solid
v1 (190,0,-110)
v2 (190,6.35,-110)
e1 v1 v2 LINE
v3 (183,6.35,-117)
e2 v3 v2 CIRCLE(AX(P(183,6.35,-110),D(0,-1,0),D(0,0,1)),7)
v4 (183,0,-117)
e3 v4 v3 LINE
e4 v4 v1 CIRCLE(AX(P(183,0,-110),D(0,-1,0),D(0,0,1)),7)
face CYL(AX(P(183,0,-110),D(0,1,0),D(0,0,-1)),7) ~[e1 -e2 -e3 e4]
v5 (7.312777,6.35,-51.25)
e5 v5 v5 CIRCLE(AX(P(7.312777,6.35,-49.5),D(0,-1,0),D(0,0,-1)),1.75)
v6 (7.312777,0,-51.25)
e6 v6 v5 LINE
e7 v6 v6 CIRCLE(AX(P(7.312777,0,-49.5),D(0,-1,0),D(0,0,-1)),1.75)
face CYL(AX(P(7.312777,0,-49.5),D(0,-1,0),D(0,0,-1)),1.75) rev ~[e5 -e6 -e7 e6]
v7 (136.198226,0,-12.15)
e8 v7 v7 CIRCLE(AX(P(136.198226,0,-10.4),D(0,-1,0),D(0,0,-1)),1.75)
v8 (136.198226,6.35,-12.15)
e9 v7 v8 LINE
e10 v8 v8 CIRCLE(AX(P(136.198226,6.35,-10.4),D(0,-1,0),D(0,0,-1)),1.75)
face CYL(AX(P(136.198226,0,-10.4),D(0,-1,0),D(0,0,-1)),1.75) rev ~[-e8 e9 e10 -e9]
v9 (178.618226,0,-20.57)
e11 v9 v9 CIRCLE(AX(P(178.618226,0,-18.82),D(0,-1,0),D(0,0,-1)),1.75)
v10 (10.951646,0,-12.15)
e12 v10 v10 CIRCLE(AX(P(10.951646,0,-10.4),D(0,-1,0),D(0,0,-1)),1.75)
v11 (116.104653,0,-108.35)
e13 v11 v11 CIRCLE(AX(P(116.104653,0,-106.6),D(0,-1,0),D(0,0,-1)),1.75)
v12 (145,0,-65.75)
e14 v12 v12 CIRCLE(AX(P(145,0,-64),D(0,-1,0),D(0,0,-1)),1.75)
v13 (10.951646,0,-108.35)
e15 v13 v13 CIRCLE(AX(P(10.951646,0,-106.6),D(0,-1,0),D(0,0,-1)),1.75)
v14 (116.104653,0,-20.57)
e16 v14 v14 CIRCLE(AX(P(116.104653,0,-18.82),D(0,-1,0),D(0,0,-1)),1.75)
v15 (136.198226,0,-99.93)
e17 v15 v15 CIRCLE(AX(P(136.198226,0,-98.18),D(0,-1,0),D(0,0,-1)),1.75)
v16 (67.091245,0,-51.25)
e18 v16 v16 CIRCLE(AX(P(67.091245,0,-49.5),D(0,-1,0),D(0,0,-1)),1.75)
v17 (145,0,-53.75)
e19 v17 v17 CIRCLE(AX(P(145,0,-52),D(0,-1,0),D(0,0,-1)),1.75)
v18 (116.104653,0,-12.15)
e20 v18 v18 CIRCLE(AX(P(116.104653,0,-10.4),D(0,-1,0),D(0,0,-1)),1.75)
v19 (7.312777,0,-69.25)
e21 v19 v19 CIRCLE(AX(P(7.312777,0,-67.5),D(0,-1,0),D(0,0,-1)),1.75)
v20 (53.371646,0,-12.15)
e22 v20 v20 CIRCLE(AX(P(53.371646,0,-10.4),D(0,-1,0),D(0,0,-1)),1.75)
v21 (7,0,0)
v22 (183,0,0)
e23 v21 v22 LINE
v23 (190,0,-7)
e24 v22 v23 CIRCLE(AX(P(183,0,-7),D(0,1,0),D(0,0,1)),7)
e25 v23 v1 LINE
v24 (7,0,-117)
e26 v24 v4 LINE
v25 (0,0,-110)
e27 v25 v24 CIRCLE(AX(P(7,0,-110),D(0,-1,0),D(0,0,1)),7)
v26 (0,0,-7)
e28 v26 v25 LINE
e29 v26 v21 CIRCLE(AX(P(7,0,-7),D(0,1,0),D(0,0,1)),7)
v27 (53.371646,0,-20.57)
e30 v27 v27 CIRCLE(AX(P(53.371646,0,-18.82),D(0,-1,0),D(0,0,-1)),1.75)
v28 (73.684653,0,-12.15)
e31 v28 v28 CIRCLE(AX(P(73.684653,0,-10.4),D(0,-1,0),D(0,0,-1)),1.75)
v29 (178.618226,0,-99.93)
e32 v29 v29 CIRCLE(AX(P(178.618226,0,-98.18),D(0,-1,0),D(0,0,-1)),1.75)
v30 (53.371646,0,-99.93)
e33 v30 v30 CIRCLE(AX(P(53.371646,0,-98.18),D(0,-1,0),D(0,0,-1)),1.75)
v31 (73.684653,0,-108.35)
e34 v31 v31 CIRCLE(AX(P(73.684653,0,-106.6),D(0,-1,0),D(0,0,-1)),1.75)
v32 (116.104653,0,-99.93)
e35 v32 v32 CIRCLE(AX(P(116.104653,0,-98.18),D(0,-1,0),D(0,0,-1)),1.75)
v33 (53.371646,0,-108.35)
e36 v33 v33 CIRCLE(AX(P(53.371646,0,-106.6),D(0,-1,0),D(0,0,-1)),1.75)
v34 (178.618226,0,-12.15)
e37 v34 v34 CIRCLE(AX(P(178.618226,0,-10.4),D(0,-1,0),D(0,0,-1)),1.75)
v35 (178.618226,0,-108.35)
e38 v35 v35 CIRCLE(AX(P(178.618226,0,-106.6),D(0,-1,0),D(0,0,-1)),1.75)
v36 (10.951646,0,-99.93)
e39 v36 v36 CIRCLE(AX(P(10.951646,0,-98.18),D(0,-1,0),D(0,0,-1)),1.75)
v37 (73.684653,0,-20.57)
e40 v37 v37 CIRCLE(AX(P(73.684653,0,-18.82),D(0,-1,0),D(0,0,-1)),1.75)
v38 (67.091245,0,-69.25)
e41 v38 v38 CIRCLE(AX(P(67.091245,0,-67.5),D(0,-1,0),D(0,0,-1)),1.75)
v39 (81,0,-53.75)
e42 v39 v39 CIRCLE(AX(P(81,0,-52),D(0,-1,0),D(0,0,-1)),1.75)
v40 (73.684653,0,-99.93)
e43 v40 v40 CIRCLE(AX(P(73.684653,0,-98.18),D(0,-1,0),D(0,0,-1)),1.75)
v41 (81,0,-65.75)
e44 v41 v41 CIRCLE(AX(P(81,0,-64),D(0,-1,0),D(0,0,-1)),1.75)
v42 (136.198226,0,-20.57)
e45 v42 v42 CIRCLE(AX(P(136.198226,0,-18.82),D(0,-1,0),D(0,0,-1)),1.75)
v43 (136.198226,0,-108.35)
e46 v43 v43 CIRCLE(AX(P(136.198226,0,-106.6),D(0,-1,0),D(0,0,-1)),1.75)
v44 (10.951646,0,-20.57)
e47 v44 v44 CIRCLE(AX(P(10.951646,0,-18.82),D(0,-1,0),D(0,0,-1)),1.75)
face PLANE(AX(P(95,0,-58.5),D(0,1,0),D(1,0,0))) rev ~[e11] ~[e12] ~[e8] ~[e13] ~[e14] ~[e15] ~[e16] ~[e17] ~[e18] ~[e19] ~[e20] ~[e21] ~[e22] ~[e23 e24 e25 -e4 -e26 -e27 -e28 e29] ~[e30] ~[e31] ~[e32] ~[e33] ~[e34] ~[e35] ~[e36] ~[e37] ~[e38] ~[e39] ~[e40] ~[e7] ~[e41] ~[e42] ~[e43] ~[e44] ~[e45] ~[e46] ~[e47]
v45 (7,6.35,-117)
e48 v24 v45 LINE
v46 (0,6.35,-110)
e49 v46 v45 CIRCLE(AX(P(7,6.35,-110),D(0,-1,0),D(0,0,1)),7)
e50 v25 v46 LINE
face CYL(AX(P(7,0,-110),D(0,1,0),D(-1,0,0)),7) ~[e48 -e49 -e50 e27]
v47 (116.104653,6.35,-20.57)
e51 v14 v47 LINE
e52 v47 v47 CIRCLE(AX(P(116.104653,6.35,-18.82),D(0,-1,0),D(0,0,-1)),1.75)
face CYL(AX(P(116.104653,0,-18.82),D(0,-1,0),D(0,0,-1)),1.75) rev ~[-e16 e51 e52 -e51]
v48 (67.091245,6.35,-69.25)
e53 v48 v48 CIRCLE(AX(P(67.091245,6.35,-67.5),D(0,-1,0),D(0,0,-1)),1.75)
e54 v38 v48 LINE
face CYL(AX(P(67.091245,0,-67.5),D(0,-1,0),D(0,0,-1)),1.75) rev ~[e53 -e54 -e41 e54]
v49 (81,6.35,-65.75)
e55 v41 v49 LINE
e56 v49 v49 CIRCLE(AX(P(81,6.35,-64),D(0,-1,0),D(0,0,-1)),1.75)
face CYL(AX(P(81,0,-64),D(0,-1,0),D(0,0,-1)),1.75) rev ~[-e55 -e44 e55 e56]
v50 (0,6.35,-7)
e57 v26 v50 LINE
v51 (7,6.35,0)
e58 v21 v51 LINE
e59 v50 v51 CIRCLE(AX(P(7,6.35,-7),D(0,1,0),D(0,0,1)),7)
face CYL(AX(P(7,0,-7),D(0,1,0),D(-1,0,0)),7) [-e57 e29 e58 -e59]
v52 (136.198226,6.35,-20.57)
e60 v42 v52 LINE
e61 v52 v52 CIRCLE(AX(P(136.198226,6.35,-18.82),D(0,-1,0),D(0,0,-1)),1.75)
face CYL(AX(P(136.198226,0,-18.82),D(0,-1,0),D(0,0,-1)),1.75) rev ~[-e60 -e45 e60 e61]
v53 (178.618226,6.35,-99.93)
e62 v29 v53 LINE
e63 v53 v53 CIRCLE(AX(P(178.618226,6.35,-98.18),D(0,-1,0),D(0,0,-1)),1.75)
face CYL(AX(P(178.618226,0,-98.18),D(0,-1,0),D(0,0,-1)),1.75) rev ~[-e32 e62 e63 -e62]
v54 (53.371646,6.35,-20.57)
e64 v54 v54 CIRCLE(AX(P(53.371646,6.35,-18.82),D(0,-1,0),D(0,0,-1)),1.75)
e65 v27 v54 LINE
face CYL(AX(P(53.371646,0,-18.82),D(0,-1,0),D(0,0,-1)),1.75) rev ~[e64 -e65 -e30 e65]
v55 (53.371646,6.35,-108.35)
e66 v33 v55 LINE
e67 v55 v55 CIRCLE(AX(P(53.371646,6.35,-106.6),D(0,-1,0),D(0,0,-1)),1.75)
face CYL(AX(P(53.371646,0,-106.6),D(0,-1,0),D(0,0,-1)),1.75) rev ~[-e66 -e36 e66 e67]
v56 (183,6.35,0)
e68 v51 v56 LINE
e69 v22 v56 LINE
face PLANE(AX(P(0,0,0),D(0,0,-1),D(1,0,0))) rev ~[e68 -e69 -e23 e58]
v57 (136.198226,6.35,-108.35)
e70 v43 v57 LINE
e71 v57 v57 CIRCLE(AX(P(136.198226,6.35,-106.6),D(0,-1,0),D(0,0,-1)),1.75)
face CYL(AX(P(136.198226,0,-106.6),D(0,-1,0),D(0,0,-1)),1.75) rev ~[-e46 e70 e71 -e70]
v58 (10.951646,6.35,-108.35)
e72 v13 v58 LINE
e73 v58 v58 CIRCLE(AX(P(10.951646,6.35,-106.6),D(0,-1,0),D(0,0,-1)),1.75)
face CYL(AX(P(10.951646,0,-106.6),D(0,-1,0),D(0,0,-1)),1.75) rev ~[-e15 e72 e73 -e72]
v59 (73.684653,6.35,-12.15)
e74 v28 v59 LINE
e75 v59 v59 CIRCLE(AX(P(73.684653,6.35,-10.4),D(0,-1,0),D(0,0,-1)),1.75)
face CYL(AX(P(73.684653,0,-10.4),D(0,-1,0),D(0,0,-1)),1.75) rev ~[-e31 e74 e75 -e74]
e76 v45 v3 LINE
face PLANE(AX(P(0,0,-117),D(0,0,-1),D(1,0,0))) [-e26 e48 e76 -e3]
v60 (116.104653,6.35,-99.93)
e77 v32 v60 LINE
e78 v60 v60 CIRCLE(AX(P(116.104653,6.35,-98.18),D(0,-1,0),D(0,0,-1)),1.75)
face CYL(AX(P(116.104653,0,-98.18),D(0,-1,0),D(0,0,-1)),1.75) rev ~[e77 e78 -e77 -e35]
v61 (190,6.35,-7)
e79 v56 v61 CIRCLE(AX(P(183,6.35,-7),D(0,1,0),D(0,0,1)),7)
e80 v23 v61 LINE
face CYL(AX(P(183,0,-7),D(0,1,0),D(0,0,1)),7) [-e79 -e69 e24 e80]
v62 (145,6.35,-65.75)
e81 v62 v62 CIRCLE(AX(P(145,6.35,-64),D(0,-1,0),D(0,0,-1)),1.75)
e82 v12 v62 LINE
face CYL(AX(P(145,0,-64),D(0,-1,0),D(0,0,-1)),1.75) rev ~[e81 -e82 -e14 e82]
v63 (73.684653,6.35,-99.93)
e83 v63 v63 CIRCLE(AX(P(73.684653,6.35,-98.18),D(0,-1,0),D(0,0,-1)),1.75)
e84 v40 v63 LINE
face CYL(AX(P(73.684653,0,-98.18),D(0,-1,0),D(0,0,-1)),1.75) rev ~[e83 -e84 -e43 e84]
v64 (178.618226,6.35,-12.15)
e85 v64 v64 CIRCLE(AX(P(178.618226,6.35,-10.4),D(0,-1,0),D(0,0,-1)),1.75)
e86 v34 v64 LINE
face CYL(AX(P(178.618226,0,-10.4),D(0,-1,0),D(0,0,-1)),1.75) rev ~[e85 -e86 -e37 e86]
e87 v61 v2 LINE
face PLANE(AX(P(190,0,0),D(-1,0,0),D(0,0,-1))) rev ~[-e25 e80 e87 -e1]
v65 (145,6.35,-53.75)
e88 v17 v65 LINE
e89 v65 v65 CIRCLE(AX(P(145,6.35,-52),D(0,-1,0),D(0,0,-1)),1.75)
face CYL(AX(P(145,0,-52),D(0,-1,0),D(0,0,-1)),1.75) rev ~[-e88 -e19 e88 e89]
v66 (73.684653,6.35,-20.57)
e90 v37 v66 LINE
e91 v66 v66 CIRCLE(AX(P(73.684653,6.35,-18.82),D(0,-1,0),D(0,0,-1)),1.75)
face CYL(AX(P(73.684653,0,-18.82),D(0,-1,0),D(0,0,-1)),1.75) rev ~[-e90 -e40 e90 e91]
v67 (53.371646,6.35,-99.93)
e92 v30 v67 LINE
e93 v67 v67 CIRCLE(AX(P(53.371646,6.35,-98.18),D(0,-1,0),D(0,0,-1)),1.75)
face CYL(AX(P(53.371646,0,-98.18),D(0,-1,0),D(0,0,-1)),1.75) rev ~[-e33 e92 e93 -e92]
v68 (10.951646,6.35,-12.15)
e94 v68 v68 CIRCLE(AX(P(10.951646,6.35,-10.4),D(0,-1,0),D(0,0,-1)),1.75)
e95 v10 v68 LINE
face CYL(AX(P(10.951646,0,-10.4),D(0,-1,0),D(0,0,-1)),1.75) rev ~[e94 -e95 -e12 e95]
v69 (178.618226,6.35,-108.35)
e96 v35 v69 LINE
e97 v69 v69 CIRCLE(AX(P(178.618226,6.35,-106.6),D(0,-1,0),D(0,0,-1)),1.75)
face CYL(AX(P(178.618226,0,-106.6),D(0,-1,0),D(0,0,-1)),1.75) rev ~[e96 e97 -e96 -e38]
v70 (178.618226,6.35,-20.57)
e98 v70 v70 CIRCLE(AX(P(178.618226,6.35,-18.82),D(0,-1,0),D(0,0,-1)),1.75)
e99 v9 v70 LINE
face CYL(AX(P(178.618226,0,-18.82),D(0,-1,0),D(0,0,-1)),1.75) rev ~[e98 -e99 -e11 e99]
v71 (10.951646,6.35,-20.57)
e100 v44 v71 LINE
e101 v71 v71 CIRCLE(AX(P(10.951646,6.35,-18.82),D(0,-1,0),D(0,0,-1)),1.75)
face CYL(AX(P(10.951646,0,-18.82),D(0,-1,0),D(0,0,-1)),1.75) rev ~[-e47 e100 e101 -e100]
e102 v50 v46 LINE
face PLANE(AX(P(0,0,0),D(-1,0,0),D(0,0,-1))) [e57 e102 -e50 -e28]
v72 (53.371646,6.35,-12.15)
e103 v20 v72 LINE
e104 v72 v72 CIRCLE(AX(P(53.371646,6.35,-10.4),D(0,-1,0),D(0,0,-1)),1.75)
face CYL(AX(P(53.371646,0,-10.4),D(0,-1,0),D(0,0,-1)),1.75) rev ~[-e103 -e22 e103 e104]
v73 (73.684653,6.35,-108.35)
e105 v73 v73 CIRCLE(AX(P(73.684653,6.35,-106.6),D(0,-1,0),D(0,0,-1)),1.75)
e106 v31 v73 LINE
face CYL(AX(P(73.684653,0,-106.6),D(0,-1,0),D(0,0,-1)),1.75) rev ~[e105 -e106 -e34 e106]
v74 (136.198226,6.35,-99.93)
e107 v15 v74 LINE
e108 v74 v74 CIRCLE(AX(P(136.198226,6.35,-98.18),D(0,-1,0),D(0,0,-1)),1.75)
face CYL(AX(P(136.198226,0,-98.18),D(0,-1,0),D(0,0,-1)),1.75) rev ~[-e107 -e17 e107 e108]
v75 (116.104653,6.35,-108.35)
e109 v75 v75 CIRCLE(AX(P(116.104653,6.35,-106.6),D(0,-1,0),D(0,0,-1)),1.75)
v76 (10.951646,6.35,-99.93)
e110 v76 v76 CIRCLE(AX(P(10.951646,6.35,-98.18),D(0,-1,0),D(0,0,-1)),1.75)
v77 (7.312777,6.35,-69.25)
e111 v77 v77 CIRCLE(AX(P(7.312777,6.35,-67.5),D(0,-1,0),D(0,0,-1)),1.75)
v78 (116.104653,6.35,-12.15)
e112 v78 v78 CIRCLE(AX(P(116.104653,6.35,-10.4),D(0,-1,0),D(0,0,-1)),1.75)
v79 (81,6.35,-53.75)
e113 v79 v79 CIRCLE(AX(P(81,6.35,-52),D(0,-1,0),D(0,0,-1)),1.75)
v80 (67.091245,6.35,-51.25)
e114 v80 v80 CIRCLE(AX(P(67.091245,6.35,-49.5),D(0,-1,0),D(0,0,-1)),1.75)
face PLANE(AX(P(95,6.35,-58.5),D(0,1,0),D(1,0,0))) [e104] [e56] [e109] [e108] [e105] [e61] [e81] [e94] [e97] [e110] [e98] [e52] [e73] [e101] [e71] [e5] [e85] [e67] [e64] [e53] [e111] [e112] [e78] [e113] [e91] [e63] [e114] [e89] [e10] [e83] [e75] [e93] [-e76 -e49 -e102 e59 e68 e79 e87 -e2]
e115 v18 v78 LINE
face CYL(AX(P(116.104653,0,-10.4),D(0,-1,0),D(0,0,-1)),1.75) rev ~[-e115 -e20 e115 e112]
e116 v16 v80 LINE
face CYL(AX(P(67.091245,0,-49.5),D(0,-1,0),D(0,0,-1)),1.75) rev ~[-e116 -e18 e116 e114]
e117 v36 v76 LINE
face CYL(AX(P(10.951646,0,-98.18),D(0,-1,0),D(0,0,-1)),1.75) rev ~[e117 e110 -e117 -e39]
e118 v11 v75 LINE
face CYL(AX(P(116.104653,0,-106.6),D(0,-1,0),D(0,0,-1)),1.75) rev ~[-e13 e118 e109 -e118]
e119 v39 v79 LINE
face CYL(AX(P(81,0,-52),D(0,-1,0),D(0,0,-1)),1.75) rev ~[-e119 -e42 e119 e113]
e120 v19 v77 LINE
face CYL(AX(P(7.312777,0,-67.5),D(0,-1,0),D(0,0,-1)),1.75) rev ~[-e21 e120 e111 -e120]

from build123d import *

# Parameters (mm, degrees)
SKETCH1_W           = 190
SKETCH1_H           = 117
BOSS_EXTRUDE1_DEPTH = 6.35
SS_HOLES_R          = 1.75
CUT_EXTRUDE1_DEPTH  = 224.224825008
FILLET1_R           = 7


with BuildPart() as part:
    # Sketch1 → Boss-Extrude1 (new body)
    with BuildSketch(Plane(origin=(0, 0, 0), x_dir=(1, 0, 0), z_dir=(0, 1, 0))):
        with Locations((95, 58.5)):
            Rectangle(SKETCH1_W, SKETCH1_H)
    extrude(amount=BOSS_EXTRUDE1_DEPTH)

    # SS Holes → Cut-Extrude1 (cut, through all)
    with BuildSketch(Plane.XZ):
        with Locations(Location((178.61822625, -98.18, 0), (0, 0, 270))):
            Circle(SS_HOLES_R)
        with Locations(Location((178.61822625, -106.6, 0), (0, 0, 270))):
            Circle(SS_HOLES_R)
        with Locations(Location((136.19822625, -98.18, 0), (0, 0, 270))):
            Circle(SS_HOLES_R)
        with Locations(Location((136.19822625, -106.6, 0), (0, 0, 270))):
            Circle(SS_HOLES_R)
        with Locations(Location((116.1046531, -106.6, 0), (0, 0, 270))):
            Circle(SS_HOLES_R)
        with Locations(Location((116.1046531, -98.18, 0), (0, 0, 270))):
            Circle(SS_HOLES_R)
        with Locations(Location((178.61822625, -18.82, 0), (0, 0, 270))):
            Circle(SS_HOLES_R)
        with Locations(Location((178.61822625, -10.4, 0), (0, 0, 270))):
            Circle(SS_HOLES_R)
        with Locations(Location((136.19822625, -18.82, 0), (0, 0, 270))):
            Circle(SS_HOLES_R)
        with Locations(Location((136.19822625, -10.4, 0), (0, 0, 270))):
            Circle(SS_HOLES_R)
        with Locations(Location((116.1046531, -18.82, 0), (0, 0, 270))):
            Circle(SS_HOLES_R)
        with Locations(Location((116.1046531, -10.4, 0), (0, 0, 270))):
            Circle(SS_HOLES_R)
        with Locations(Location((145, -52, 0), (0, 0, 270))):
            Circle(SS_HOLES_R)
        with Locations(Location((145, -64, 0), (0, 0, 270))):
            Circle(SS_HOLES_R)
        with Locations(Location((73.6846531, -10.4, 0), (0, 0, 270))):
            Circle(SS_HOLES_R)
        with Locations(Location((73.6846531, -18.82, 0), (0, 0, 270))):
            Circle(SS_HOLES_R)
        with Locations(Location((53.37164612, -18.82, 0), (0, 0, 270))):
            Circle(SS_HOLES_R)
        with Locations(Location((53.37164612, -10.4, 0), (0, 0, 270))):
            Circle(SS_HOLES_R)
        with Locations(Location((81, -52, 0), (0, 0, 270))):
            Circle(SS_HOLES_R)
        with Locations(Location((81, -64, 0), (0, 0, 270))):
            Circle(SS_HOLES_R)
        with Locations(Location((73.6846531, -98.18, 0), (0, 0, 270))):
            Circle(SS_HOLES_R)
        with Locations(Location((73.6846531, -106.6, 0), (0, 0, 270))):
            Circle(SS_HOLES_R)
        with Locations(Location((53.37164612, -106.6, 0), (0, 0, 270))):
            Circle(SS_HOLES_R)
        with Locations(Location((53.37164612, -98.18, 0), (0, 0, 270))):
            Circle(SS_HOLES_R)
        with Locations(Location((10.95164612, -106.6, 0), (0, 0, 270))):
            Circle(SS_HOLES_R)
        with Locations(Location((10.95164612, -98.18, 0), (0, 0, 270))):
            Circle(SS_HOLES_R)
        with Locations(Location((67.091245105, -67.5, 0), (0, 0, 270))):
            Circle(SS_HOLES_R)
        with Locations(Location((67.091245105, -49.5, 0), (0, 0, 270))):
            Circle(SS_HOLES_R)
        with Locations(Location((7.312777096, -49.5, 0), (0, 0, 270))):
            Circle(SS_HOLES_R)
        with Locations(Location((7.312777096, -67.5, 0), (0, 0, 270))):
            Circle(SS_HOLES_R)
        with Locations(Location((10.95164612, -18.82, 0), (0, 0, 270))):
            Circle(SS_HOLES_R)
        with Locations(Location((10.95164612, -10.4, 0), (0, 0, 270))):
            Circle(SS_HOLES_R)
    extrude(amount=-CUT_EXTRUDE1_DEPTH, mode=Mode.SUBTRACT)

    # Fillet1
    fillet1_edges = [part.edges().sort_by_distance(p)[0] for p in [
        (0, 3.175, -117),
        (190, 3.175, -117),
        (190, 3.175, 0),
        (0, 3.175, 0),
    ]]
    fillet(fillet1_edges, radius=FILLET1_R)


solid = part.part
